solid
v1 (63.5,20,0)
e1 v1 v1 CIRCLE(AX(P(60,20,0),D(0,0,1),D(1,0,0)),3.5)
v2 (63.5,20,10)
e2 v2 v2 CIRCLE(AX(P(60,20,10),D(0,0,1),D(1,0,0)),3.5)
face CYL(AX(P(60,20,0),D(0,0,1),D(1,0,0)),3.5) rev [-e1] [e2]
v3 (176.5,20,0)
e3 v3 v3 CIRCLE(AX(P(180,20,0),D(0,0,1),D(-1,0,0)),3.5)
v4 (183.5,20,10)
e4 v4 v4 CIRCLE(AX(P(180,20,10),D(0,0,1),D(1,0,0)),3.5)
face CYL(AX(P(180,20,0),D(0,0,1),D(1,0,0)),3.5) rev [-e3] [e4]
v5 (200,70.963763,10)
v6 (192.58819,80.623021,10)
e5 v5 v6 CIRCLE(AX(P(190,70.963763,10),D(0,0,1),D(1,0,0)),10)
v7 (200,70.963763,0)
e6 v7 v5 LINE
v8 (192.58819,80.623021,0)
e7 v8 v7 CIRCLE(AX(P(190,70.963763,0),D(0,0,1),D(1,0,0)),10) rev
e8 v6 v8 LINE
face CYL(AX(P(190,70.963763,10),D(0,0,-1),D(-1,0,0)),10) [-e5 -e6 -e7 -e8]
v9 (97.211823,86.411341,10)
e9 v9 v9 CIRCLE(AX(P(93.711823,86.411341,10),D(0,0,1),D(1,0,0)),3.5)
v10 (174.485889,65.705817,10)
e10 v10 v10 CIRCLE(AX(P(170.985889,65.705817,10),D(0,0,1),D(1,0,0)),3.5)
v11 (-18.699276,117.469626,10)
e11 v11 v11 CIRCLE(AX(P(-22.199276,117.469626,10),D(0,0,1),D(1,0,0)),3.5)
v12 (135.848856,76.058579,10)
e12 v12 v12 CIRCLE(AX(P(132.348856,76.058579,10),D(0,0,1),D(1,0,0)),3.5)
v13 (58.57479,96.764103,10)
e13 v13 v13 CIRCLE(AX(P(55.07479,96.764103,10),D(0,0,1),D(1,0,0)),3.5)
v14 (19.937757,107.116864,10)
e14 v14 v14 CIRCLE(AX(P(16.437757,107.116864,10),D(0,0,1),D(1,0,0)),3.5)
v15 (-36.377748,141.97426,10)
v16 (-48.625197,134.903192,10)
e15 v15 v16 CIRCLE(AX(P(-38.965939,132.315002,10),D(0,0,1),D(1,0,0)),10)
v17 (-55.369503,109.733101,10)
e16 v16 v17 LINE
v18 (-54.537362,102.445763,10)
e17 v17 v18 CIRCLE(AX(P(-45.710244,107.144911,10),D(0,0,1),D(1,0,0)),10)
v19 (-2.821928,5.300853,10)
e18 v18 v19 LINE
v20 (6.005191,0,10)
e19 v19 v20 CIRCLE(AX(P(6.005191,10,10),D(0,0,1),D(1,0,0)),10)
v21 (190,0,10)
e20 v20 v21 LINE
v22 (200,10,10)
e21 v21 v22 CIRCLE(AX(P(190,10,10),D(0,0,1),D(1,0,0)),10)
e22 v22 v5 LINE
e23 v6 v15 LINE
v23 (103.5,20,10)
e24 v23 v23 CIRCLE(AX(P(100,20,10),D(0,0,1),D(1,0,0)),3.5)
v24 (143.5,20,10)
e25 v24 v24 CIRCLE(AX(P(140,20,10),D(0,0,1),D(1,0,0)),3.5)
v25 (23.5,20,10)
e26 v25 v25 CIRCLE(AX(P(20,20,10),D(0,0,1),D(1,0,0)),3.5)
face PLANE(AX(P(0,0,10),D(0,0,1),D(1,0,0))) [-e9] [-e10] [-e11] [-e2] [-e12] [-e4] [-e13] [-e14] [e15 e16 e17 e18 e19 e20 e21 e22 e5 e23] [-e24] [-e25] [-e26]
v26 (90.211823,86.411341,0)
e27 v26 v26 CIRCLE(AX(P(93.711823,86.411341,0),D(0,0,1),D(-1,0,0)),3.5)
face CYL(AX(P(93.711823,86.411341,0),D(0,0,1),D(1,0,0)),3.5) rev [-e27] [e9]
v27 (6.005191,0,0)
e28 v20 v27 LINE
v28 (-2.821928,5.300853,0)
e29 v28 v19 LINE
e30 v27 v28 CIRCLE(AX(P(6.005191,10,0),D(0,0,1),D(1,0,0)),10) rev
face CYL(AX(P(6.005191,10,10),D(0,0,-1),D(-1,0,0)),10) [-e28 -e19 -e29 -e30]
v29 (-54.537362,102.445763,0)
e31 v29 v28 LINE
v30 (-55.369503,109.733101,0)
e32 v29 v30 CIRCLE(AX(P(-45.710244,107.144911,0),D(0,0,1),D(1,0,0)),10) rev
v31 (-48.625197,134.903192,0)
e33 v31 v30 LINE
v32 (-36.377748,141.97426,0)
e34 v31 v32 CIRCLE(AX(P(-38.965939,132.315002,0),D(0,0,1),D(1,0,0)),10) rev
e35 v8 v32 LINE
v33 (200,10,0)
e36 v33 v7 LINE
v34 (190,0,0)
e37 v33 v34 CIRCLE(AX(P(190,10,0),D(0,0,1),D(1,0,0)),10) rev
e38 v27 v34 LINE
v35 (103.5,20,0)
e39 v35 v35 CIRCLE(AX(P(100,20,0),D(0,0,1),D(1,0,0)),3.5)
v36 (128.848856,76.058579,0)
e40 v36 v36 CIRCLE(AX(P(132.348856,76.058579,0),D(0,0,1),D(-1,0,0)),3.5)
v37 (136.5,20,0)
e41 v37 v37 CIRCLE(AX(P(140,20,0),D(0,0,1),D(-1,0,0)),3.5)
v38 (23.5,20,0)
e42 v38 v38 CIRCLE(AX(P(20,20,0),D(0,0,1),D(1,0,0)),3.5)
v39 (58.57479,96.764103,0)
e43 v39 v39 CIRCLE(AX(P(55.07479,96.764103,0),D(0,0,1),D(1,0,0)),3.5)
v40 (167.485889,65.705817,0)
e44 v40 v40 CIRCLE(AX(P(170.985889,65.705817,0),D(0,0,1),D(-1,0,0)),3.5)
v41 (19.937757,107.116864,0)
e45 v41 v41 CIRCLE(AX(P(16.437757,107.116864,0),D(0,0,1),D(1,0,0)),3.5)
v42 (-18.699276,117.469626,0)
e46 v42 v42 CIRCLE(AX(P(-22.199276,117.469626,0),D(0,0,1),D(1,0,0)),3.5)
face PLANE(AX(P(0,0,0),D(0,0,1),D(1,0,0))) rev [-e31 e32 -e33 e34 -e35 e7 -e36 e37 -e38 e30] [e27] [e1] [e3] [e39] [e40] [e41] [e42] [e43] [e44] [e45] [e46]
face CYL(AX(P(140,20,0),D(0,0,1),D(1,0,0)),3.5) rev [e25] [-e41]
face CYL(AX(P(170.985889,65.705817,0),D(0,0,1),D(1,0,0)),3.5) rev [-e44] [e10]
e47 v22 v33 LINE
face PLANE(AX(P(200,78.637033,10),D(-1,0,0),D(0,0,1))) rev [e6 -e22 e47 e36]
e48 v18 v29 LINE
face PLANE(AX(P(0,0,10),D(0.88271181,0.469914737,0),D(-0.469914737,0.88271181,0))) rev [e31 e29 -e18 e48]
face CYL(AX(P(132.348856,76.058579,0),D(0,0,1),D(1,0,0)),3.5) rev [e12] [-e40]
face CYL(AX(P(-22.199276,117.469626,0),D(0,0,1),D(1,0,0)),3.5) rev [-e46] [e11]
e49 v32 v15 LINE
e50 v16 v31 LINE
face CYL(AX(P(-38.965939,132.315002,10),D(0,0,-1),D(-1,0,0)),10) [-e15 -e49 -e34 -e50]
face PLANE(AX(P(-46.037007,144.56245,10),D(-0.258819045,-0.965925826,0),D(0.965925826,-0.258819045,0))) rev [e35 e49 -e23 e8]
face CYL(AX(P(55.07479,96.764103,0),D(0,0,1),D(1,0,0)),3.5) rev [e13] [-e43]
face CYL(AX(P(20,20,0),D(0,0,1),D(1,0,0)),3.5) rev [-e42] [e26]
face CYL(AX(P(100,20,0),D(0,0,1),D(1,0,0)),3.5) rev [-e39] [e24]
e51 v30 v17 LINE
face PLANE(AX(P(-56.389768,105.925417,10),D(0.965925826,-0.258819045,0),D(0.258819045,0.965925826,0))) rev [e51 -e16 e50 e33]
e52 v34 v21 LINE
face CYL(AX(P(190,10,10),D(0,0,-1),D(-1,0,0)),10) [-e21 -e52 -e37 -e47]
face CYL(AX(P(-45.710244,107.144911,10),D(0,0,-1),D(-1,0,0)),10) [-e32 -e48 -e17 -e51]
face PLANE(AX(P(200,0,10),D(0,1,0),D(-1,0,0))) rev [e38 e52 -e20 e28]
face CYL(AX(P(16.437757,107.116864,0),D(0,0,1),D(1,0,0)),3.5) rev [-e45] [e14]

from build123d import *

# Parameters (mm, degrees)
BOSS_EXTRU_1_DEPTH           = 10
CONG_1_R                     = 10
ENL_V_MAT_EXTRU_1_DEPTH      = 246.669614874
ENL_V_MAT_EXTRU_1_DEPTH_BACK = 246.669614874
ESQUISSE2_R                  = 3.5


with BuildPart() as part:
    # Esquisse1 → Boss.-Extru.1 (new body)
    with BuildSketch(Plane.XY):
        Polygon((0, 0), (-56.389768432, 105.925417234), (-46.037006628, 144.562450286), (200, 78.637033052), (200, 0), align=None)
    extrude(amount=BOSS_EXTRU_1_DEPTH)

    # Congé1
    cong_1_edges = [part.edges().sort_by_distance(p)[0] for p in [
        (0, 0, 5),
        (-56.389768432, 105.925417234, 5),
        (-46.037006628, 144.562450286, 5),
        (200, 78.637033052, 5),
        (200, 0, 5),
    ]]
    fillet(cong_1_edges, radius=CONG_1_R)

    # Esquisse2 → Enlèv. mat.-Extru.1 (cut, two sides: drawn at the far end of the back side and taken through both)
    with BuildSketch(Plane.XY.offset(10).offset(-ENL_V_MAT_EXTRU_1_DEPTH_BACK)):
        with Locations((-22.199276394, 117.469626112)):
            Circle(ESQUISSE2_R)
        with Locations((16.437756658, 107.116864308)):
            Circle(ESQUISSE2_R)
        with Locations((55.074789709, 96.764102504)):
            Circle(ESQUISSE2_R)
        with Locations((93.711822761, 86.4113407)):
            Circle(ESQUISSE2_R)
        with Locations((132.348855812, 76.058578895)):
            Circle(ESQUISSE2_R)
        with Locations((170.985888864, 65.705817091)):
            Circle(ESQUISSE2_R)
        with Locations((20, 20)):
            Circle(ESQUISSE2_R)
        with Locations((60, 20)):
            Circle(ESQUISSE2_R)
        with Locations((100, 20)):
            Circle(ESQUISSE2_R)
        with Locations((180, 20)):
            Circle(ESQUISSE2_R)
        with Locations((140, 20)):
            Circle(ESQUISSE2_R)
    extrude(amount=ENL_V_MAT_EXTRU_1_DEPTH + ENL_V_MAT_EXTRU_1_DEPTH_BACK, mode=Mode.SUBTRACT)


solid = part.part
